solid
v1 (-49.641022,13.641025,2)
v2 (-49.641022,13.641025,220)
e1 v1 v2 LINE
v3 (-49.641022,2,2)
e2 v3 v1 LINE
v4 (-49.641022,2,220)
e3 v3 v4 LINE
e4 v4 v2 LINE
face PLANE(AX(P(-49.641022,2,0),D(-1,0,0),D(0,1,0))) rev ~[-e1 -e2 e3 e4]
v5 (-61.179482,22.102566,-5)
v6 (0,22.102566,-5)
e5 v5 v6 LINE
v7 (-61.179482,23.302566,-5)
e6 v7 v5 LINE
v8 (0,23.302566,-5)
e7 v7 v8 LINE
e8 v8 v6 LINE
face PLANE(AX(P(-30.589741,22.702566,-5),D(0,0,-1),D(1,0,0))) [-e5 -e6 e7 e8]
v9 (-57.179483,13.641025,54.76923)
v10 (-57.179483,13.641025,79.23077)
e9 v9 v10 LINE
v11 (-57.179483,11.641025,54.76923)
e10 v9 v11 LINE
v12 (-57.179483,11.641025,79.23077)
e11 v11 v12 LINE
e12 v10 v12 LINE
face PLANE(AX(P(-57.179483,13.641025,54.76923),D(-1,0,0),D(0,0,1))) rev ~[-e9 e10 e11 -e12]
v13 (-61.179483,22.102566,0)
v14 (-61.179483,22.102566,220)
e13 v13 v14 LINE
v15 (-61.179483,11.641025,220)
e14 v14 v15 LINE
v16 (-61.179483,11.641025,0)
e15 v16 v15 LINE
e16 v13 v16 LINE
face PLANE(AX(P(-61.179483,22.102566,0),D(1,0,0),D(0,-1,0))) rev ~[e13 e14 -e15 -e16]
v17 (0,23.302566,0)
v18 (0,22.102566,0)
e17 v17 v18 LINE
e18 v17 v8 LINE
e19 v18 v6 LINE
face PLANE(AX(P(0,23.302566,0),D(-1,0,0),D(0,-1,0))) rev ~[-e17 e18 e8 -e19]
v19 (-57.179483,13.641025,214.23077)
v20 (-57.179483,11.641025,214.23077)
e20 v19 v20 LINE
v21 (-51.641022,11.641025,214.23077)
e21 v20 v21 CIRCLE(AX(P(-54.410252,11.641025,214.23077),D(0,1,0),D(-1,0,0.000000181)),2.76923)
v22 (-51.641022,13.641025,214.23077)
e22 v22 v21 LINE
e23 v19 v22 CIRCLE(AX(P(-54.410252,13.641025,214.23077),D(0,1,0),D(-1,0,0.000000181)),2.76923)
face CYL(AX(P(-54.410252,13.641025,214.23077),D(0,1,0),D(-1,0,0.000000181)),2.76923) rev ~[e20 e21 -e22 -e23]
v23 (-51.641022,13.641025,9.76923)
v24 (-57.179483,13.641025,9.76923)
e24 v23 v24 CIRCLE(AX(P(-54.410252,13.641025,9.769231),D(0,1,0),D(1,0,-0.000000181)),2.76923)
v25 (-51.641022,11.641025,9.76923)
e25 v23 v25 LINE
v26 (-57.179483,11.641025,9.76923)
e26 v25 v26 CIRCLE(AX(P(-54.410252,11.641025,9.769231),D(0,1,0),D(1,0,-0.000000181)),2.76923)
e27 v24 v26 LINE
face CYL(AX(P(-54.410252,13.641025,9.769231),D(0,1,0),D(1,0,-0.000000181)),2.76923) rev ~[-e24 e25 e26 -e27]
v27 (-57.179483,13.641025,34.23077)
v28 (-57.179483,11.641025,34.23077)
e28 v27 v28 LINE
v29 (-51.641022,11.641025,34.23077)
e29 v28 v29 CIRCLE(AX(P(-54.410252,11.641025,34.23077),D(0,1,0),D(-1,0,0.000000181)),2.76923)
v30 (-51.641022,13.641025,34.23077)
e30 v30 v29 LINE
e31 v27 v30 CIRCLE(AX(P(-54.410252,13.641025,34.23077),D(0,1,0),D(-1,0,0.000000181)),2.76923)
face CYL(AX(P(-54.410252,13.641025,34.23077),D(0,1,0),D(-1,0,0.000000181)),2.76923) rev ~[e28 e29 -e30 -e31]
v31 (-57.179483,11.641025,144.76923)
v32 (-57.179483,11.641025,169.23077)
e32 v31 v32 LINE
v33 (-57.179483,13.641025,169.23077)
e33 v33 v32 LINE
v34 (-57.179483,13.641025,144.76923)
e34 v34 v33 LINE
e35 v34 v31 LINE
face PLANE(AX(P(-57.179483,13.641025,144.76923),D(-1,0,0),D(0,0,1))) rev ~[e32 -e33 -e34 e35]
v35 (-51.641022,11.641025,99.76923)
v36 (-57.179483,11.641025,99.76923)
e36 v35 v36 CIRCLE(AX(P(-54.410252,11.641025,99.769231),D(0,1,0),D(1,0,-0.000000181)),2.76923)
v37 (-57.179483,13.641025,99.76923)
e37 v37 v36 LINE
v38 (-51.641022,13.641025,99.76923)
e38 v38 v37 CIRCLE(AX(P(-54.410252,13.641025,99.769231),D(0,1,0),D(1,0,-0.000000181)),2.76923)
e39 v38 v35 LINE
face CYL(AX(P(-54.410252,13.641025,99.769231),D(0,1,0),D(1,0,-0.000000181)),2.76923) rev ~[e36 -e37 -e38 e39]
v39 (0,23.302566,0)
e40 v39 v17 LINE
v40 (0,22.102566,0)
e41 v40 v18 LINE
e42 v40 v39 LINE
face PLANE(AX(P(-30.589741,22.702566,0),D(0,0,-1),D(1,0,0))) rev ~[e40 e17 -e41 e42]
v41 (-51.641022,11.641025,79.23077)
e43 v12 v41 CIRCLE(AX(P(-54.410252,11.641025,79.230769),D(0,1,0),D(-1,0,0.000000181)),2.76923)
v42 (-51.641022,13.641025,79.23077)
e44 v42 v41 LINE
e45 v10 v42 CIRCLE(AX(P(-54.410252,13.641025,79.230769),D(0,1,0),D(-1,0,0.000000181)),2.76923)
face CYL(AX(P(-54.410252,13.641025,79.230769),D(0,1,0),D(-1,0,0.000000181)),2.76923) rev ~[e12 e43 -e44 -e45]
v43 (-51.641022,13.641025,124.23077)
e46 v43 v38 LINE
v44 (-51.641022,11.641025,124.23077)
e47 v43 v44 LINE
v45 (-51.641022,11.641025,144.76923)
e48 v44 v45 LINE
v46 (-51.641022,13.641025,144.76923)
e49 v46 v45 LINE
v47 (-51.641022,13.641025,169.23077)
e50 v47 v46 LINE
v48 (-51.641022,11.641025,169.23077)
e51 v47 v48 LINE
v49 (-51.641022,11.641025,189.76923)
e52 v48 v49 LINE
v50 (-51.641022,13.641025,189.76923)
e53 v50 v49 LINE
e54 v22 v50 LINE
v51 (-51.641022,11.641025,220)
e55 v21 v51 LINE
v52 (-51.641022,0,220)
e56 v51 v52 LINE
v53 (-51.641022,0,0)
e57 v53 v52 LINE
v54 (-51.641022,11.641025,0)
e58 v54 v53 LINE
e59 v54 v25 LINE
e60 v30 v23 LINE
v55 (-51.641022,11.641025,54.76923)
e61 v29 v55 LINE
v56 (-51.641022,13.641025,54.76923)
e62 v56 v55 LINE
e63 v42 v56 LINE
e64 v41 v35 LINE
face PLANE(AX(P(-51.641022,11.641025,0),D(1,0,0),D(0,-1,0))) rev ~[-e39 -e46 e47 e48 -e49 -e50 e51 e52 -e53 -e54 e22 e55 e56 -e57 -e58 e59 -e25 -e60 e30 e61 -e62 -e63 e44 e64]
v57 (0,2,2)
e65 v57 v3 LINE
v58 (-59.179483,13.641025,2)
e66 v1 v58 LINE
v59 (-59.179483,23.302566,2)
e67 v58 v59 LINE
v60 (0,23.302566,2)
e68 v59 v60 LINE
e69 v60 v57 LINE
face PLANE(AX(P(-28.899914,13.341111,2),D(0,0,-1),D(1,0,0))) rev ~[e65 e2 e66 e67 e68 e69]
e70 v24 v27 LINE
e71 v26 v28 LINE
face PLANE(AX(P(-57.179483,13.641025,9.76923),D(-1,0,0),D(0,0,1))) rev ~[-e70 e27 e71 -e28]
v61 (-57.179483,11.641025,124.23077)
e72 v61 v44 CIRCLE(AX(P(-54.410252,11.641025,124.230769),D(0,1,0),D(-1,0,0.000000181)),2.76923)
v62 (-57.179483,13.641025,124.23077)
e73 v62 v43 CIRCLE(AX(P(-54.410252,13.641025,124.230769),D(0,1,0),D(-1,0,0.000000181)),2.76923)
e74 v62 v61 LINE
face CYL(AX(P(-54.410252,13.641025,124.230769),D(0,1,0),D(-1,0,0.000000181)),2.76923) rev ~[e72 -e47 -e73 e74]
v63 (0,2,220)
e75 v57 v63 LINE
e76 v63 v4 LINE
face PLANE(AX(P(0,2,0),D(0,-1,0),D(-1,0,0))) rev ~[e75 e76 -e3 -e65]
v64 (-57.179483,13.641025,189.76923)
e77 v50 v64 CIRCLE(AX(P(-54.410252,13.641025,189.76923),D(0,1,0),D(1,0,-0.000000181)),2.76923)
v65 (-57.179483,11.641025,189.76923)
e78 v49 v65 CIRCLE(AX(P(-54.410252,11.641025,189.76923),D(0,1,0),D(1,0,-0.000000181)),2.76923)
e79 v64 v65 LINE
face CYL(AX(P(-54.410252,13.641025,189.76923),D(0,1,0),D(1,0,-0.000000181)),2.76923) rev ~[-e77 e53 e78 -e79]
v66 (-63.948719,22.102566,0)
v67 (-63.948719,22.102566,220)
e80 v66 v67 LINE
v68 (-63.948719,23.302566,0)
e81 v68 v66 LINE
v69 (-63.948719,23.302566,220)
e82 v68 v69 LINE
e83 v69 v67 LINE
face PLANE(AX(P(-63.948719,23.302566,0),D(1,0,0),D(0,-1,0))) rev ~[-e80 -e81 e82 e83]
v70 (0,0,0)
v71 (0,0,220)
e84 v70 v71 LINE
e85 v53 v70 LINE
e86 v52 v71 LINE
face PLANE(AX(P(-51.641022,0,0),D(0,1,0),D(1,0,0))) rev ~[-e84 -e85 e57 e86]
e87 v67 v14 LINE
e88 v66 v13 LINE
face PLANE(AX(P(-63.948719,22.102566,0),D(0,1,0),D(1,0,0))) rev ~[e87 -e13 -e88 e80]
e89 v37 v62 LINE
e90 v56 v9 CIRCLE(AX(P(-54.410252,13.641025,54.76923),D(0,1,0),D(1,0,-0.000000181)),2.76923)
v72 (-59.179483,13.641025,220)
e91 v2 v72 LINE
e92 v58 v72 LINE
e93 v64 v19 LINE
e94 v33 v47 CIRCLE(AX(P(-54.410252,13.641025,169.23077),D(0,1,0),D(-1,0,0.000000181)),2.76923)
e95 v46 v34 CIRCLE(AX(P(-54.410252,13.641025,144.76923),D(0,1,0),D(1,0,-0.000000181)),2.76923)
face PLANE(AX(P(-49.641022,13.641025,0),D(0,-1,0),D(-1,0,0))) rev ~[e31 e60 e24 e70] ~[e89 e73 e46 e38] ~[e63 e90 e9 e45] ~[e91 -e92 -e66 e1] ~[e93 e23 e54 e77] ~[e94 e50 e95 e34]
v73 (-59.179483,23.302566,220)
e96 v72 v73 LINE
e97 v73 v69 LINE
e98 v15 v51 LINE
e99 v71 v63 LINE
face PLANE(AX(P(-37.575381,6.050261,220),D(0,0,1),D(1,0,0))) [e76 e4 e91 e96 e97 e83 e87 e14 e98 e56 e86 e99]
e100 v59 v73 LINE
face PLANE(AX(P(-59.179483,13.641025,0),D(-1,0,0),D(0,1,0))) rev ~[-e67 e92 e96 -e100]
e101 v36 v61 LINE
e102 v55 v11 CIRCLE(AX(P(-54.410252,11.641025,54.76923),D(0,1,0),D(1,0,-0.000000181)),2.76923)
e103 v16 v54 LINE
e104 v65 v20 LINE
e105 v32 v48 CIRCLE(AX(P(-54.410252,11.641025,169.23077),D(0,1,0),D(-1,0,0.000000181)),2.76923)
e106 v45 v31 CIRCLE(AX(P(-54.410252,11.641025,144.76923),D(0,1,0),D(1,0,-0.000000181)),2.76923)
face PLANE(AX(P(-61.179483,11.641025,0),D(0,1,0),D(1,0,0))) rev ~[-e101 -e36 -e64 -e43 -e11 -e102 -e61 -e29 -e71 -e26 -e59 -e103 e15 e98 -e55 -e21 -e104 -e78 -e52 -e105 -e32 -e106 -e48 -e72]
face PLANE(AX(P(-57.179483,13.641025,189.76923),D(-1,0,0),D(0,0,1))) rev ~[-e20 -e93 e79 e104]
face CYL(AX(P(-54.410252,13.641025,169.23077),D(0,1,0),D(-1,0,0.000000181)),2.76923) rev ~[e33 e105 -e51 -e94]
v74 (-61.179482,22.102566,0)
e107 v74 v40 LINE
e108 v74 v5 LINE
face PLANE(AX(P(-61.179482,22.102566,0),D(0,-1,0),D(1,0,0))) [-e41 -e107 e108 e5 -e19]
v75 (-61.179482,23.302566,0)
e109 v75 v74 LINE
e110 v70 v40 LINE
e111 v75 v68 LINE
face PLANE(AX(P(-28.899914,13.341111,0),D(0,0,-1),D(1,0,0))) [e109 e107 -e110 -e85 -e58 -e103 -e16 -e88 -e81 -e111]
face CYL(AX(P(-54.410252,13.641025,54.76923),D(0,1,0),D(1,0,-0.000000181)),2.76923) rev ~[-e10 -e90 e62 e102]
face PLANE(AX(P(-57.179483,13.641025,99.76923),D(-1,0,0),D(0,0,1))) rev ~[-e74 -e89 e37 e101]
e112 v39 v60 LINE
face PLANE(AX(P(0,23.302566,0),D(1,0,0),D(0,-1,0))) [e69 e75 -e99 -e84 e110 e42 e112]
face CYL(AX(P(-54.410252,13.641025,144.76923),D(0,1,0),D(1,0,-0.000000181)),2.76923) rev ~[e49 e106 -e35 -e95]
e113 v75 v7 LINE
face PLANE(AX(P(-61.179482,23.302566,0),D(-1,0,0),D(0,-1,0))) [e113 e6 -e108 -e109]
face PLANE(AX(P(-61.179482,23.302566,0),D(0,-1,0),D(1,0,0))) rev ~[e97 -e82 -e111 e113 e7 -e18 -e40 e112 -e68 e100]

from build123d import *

# Parameters (mm, degrees)
F1_DEPTH = 220
F3_DEPTH = 2
F5_DEPTH = 2
F6_W     = 61.179483
F6_H     = 1.2
F7_DEPTH = 5


with BuildPart() as f1:
    # F0 (on Top) → F1 (new body)
    with BuildSketch(Plane.XY):
        Polygon((-51.641022, 0), (0, 0), (0, 2), (-49.641022, 2), (-49.641022, 13.641025), (-59.179483, 13.641025), (-59.179483, 23.302566), (-63.948719, 23.302566), (-63.948719, 22.102566), (-61.179483, 22.102566), (-61.179483, 11.641025), (-51.641022, 11.641025), align=None)
    extrude(amount=F1_DEPTH)

    # F2 (on face) → F3 (cut, through all)
    with BuildSketch(Plane(origin=(0, 13.641025, 0), x_dir=(-1, 0, 0), z_dir=(0, 1, 0))):
        with BuildLine():
            Line((57.179483, 189.76923), (57.179483, 214.23077))
            ThreePointArc((57.179483, 214.23077), (54.410253, 217), (51.641022, 214.23077))
            Line((51.641022, 214.23077), (51.641022, 189.76923))
            ThreePointArc((51.641022, 189.76923), (54.410253, 187), (57.179483, 189.76923))
        make_face()
        with BuildLine():
            Line((57.179483, 144.76923), (57.179483, 169.23077))
            ThreePointArc((57.179483, 169.23077), (54.410253, 172), (51.641022, 169.23077))
            Line((51.641022, 169.23077), (51.641022, 144.76923))
            ThreePointArc((51.641022, 144.76923), (54.410253, 142), (57.179483, 144.76923))
        make_face()
        with BuildLine():
            Line((57.179483, 99.76923), (57.179483, 124.23077))
            ThreePointArc((57.179483, 124.23077), (54.410253, 127), (51.641022, 124.23077))
            Line((51.641022, 124.23077), (51.641022, 99.76923))
            ThreePointArc((51.641022, 99.76923), (54.410253, 97), (57.179483, 99.76923))
        make_face()
        with BuildLine():
            Line((57.179483, 54.76923), (57.179483, 79.23077))
            ThreePointArc((57.179483, 79.23077), (54.410253, 82), (51.641022, 79.23077))
            Line((51.641022, 79.23077), (51.641022, 54.76923))
            ThreePointArc((51.641022, 54.76923), (54.410253, 52), (57.179483, 54.76923))
        make_face()
        with BuildLine():
            Line((57.179483, 9.76923), (57.179483, 34.23077))
            ThreePointArc((57.179483, 34.23077), (54.410253, 37), (51.641022, 34.23077))
            Line((51.641022, 34.23077), (51.641022, 9.76923))
            ThreePointArc((51.641022, 9.76923), (54.410253, 7), (57.179483, 9.76923))
        make_face()
    extrude(amount=-F3_DEPTH, mode=Mode.SUBTRACT)

    # F4 (on face) → F5 (join)
    with BuildSketch(Plane(origin=(0, 0, 0), x_dir=(1, 0, 0), z_dir=(0, 0, -1))):
        Polygon((-59.179483, -13.641025), (-59.179483, -23.302566), (0, -23.302566), (0, -2), (-49.641022, -2), (-49.641022, -13.641025), align=None)
    extrude(amount=-F5_DEPTH)

    # F6 (on face) → F7 (join)
    with BuildSketch(Plane(origin=(0, 0, 0), x_dir=(1, 0, 0), z_dir=(0, 0, -1))):
        with Locations((-30.589741, -22.702566)):
            Rectangle(F6_W, F6_H)
    extrude(amount=F7_DEPTH)


solid = f1.part
